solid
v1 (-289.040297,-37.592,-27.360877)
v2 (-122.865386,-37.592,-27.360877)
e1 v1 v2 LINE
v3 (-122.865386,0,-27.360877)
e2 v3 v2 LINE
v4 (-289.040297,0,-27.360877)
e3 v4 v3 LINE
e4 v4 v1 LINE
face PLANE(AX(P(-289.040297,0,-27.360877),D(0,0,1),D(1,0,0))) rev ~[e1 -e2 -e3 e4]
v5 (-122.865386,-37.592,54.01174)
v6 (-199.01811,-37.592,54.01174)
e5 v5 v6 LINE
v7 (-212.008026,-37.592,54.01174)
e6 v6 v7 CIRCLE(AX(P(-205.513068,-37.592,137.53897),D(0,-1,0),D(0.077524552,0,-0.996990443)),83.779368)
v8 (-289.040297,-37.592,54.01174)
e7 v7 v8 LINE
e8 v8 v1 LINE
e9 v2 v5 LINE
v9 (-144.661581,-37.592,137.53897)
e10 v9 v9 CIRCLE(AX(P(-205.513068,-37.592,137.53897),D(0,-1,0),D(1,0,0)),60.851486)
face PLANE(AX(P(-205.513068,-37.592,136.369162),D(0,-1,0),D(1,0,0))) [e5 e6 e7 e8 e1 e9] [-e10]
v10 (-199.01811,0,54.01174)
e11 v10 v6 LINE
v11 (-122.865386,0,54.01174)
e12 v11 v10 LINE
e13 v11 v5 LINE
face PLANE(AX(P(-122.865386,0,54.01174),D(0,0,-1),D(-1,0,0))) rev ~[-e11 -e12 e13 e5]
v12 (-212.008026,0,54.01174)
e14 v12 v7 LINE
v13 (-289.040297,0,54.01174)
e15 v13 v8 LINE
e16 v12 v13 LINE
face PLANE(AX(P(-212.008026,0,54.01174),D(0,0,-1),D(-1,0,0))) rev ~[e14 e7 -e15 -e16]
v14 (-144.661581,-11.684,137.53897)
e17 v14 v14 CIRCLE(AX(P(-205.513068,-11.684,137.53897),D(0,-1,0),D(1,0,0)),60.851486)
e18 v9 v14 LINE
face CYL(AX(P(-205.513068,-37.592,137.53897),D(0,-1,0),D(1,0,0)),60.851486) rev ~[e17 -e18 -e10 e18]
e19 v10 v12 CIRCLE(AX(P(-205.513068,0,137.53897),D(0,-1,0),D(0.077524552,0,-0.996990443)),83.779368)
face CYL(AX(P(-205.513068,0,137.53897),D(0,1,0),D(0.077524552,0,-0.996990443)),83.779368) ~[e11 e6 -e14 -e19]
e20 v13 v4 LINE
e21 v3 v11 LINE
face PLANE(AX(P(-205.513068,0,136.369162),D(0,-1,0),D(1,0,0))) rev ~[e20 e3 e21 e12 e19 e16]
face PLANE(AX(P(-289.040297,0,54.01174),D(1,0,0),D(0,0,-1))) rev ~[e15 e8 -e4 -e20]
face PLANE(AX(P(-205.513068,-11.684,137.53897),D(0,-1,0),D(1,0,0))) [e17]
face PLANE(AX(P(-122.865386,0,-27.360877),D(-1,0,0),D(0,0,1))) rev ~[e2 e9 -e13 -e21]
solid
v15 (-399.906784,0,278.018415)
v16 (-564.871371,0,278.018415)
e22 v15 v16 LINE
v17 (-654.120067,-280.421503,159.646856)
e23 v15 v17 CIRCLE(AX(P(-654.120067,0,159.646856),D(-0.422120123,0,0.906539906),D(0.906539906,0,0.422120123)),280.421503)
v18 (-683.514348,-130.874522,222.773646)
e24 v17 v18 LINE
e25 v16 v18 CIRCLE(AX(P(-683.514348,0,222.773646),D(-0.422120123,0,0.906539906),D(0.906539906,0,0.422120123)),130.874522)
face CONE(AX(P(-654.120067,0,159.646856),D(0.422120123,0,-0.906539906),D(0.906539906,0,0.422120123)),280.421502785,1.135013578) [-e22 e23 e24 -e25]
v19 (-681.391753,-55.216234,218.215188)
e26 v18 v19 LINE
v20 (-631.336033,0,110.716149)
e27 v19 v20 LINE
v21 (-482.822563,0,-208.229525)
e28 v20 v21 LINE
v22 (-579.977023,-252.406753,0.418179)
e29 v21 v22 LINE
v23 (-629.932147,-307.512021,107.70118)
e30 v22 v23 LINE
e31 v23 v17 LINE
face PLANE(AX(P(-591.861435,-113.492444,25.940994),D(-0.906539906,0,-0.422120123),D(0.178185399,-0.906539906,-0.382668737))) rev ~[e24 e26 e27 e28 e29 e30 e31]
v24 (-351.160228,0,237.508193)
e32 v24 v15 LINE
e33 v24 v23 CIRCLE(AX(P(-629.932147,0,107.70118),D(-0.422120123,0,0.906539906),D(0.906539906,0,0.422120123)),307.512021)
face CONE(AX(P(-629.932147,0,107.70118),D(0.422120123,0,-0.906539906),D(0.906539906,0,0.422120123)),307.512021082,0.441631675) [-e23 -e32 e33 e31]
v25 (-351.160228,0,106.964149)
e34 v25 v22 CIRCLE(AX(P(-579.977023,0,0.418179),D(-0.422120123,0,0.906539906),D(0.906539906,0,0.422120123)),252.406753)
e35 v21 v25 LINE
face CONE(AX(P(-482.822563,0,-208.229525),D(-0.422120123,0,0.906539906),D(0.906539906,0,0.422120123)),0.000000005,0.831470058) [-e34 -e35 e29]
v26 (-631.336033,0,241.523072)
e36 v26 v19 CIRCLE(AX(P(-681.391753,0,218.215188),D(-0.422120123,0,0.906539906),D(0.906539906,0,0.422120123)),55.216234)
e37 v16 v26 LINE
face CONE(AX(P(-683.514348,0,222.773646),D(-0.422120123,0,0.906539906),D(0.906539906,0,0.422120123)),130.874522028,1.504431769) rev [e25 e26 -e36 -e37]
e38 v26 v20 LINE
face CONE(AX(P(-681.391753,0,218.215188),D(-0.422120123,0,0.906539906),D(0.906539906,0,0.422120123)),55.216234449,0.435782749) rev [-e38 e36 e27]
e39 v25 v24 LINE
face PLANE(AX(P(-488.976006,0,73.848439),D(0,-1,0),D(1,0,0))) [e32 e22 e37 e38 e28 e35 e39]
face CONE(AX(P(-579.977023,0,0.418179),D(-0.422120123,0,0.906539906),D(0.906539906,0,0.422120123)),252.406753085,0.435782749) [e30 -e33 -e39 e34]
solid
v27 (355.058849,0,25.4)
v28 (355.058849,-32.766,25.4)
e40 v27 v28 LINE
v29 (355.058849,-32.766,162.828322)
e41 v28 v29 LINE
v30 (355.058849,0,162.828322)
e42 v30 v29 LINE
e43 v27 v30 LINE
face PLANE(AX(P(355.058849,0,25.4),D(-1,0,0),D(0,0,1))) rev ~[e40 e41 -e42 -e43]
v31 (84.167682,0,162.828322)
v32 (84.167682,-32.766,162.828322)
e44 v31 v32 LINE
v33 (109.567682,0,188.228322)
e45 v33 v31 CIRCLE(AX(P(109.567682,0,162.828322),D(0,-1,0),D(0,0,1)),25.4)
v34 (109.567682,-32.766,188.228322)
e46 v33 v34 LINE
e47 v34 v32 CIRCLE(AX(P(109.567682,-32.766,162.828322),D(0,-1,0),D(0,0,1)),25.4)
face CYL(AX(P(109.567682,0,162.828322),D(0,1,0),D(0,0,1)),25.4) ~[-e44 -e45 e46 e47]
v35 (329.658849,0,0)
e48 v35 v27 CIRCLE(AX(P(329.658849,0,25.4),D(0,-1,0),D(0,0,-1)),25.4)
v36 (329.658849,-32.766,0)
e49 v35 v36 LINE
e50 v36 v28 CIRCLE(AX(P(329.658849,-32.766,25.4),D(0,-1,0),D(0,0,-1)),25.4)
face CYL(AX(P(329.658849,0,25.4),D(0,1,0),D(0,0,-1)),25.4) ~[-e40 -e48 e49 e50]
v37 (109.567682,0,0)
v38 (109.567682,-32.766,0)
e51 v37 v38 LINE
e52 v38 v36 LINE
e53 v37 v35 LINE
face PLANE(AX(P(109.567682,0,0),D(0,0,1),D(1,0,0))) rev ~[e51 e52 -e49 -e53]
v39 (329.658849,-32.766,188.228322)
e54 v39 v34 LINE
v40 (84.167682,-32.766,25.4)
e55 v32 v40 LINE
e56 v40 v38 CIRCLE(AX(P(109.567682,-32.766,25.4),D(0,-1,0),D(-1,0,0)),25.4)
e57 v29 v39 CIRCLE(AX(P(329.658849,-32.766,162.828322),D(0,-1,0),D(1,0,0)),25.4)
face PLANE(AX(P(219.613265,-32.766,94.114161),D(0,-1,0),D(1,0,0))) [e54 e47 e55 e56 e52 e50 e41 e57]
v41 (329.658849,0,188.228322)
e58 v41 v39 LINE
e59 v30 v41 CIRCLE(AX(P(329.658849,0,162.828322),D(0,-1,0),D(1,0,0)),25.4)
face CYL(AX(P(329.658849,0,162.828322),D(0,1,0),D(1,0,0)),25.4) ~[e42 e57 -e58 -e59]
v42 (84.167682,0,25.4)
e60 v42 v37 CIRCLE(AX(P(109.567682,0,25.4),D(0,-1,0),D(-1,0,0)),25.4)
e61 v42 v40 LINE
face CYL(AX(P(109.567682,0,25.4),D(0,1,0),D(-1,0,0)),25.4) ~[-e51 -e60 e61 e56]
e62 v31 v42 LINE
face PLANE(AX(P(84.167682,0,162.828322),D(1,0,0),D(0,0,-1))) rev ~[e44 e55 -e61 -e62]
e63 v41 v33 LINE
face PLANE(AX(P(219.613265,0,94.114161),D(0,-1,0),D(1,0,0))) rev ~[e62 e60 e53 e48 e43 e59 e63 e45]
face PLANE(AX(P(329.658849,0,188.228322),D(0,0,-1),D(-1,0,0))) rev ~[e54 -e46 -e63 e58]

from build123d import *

# Parameters (mm, degrees)
F1_DEPTH = 37.592
F2_R     = 60.8514861747
F3_DEPTH = 25.908
F5_DEPTH = 32.766
F7_ANGLE = 270


with BuildPart() as f1:
    # F0 (on Front) → F1 (new body)
    with BuildSketch(Plane.XZ):
        with BuildLine():
            ThreePointArc((-121.7336990495, 137.5389695168), (-262.4113939912, 199.0333841631), (-212.0080255497, 54.0117397904))
            Line((-212.0080255497, 54.0117397904), (-205.5130675435, 54.0117397904))
            Line((-205.5130675435, 54.0117397904), (-199.0181095374, 54.0117397904))
            ThreePointArc((-199.0181095374, 54.0117397904), (-144.0186528971, 80.640643069), (-121.7336990495, 137.5389695168))
        make_face()
        with BuildLine():
            ThreePointArc((-121.9858378172, 137.5389695168), (-146.4503969903, 78.4762989635), (-205.5130675435, 54.0117397904))
            ThreePointArc((-205.5130675435, 54.0117397904), (-264.5757380967, 196.60164007), (-121.9858378172, 137.5389695168))
        make_face(mode=Mode.SUBTRACT)
        with BuildLine():
            ThreePointArc((-121.9858378172, 137.5389695168), (-264.5757380967, 196.60164007), (-205.5130675435, 54.0117397904))
            ThreePointArc((-205.5130675435, 54.0117397904), (-146.4503969903, 78.4762989635), (-121.9858378172, 137.5389695168))
        make_face()
        with BuildLine():
            Line((-212.0080255497, 54.0117397904), (-289.0402972698, 54.0117397904))
            Line((-289.0402972698, 54.0117397904), (-289.0402972698, -27.3608770221))
            Line((-289.0402972698, -27.3608770221), (-122.8653863072, -27.3608770221))
            Line((-122.8653863072, -27.3608770221), (-122.8653863072, 54.0117397904))
            Line((-122.8653863072, 54.0117397904), (-199.0181095374, 54.0117397904))
            ThreePointArc((-199.0181095374, 54.0117397904), (-205.5130675435, 53.7596010227), (-212.0080255497, 54.0117397904))
        make_face()
        with BuildLine():
            Line((-205.5130675435, 54.0117397904), (-212.0080255497, 54.0117397904))
            ThreePointArc((-212.0080255497, 54.0117397904), (-205.5130675435, 53.7596010227), (-199.0181095374, 54.0117397904))
            Line((-199.0181095374, 54.0117397904), (-205.5130675435, 54.0117397904))
        make_face()
    extrude(amount=F1_DEPTH)

    # F2 (on face) → F3 (cut)
    with BuildSketch(Plane.XZ.offset(37.592)):
        with Locations((-205.5130675435, 137.5389695168)):
            Circle(F2_R)
    extrude(amount=-F3_DEPTH, mode=Mode.SUBTRACT)


with BuildPart() as f5:
    # F4 (on Front) → F5 (new body)
    with BuildSketch(Plane.XZ):
        with BuildLine():
            Line((329.6588488579, 188.2283219576), (109.5676816344, 188.2283219576))
            ThreePointArc((109.5676816344, 188.2283219576), (91.6071693923, 180.7888341997), (84.1676816344, 162.8283219576))
            Line((84.1676816344, 162.8283219576), (84.1676816344, 25.4))
            ThreePointArc((84.1676816344, 25.4), (91.6071693923, 7.4394877579), (109.5676816344, 0))
            Line((109.5676816344, 0), (329.6588488579, 0))
            ThreePointArc((329.6588488579, 0), (347.6193611, 7.4394877579), (355.0588488579, 25.4))
            Line((355.0588488579, 25.4), (355.0588488579, 162.8283219576))
            ThreePointArc((355.0588488579, 162.8283219576), (347.6193611, 180.7888341997), (329.6588488579, 188.2283219576))
        make_face()
    extrude(amount=F5_DEPTH)


with BuildPart() as f7:
    # F6 (on Front) → F7 (revolve)
    with BuildSketch(Plane.XZ):
        Polygon((-631.3360333443, 241.5230721235), (-631.3360333443, 110.7161492109), (-482.8225632304, -208.2295247785), (-351.1602282524, 106.964148581), (-351.1602282524, 237.5081926584), (-399.906784296, 278.0184149742), (-564.8713707924, 278.0184149742), align=None)
    revolve(axis=Axis((-557.0792982873, 0, -48.7566877838), (-0.4221201234, 0, 0.9065399061)), revolution_arc=F7_ANGLE)


solid = Compound([f1.part, f5.part, f7.part])
